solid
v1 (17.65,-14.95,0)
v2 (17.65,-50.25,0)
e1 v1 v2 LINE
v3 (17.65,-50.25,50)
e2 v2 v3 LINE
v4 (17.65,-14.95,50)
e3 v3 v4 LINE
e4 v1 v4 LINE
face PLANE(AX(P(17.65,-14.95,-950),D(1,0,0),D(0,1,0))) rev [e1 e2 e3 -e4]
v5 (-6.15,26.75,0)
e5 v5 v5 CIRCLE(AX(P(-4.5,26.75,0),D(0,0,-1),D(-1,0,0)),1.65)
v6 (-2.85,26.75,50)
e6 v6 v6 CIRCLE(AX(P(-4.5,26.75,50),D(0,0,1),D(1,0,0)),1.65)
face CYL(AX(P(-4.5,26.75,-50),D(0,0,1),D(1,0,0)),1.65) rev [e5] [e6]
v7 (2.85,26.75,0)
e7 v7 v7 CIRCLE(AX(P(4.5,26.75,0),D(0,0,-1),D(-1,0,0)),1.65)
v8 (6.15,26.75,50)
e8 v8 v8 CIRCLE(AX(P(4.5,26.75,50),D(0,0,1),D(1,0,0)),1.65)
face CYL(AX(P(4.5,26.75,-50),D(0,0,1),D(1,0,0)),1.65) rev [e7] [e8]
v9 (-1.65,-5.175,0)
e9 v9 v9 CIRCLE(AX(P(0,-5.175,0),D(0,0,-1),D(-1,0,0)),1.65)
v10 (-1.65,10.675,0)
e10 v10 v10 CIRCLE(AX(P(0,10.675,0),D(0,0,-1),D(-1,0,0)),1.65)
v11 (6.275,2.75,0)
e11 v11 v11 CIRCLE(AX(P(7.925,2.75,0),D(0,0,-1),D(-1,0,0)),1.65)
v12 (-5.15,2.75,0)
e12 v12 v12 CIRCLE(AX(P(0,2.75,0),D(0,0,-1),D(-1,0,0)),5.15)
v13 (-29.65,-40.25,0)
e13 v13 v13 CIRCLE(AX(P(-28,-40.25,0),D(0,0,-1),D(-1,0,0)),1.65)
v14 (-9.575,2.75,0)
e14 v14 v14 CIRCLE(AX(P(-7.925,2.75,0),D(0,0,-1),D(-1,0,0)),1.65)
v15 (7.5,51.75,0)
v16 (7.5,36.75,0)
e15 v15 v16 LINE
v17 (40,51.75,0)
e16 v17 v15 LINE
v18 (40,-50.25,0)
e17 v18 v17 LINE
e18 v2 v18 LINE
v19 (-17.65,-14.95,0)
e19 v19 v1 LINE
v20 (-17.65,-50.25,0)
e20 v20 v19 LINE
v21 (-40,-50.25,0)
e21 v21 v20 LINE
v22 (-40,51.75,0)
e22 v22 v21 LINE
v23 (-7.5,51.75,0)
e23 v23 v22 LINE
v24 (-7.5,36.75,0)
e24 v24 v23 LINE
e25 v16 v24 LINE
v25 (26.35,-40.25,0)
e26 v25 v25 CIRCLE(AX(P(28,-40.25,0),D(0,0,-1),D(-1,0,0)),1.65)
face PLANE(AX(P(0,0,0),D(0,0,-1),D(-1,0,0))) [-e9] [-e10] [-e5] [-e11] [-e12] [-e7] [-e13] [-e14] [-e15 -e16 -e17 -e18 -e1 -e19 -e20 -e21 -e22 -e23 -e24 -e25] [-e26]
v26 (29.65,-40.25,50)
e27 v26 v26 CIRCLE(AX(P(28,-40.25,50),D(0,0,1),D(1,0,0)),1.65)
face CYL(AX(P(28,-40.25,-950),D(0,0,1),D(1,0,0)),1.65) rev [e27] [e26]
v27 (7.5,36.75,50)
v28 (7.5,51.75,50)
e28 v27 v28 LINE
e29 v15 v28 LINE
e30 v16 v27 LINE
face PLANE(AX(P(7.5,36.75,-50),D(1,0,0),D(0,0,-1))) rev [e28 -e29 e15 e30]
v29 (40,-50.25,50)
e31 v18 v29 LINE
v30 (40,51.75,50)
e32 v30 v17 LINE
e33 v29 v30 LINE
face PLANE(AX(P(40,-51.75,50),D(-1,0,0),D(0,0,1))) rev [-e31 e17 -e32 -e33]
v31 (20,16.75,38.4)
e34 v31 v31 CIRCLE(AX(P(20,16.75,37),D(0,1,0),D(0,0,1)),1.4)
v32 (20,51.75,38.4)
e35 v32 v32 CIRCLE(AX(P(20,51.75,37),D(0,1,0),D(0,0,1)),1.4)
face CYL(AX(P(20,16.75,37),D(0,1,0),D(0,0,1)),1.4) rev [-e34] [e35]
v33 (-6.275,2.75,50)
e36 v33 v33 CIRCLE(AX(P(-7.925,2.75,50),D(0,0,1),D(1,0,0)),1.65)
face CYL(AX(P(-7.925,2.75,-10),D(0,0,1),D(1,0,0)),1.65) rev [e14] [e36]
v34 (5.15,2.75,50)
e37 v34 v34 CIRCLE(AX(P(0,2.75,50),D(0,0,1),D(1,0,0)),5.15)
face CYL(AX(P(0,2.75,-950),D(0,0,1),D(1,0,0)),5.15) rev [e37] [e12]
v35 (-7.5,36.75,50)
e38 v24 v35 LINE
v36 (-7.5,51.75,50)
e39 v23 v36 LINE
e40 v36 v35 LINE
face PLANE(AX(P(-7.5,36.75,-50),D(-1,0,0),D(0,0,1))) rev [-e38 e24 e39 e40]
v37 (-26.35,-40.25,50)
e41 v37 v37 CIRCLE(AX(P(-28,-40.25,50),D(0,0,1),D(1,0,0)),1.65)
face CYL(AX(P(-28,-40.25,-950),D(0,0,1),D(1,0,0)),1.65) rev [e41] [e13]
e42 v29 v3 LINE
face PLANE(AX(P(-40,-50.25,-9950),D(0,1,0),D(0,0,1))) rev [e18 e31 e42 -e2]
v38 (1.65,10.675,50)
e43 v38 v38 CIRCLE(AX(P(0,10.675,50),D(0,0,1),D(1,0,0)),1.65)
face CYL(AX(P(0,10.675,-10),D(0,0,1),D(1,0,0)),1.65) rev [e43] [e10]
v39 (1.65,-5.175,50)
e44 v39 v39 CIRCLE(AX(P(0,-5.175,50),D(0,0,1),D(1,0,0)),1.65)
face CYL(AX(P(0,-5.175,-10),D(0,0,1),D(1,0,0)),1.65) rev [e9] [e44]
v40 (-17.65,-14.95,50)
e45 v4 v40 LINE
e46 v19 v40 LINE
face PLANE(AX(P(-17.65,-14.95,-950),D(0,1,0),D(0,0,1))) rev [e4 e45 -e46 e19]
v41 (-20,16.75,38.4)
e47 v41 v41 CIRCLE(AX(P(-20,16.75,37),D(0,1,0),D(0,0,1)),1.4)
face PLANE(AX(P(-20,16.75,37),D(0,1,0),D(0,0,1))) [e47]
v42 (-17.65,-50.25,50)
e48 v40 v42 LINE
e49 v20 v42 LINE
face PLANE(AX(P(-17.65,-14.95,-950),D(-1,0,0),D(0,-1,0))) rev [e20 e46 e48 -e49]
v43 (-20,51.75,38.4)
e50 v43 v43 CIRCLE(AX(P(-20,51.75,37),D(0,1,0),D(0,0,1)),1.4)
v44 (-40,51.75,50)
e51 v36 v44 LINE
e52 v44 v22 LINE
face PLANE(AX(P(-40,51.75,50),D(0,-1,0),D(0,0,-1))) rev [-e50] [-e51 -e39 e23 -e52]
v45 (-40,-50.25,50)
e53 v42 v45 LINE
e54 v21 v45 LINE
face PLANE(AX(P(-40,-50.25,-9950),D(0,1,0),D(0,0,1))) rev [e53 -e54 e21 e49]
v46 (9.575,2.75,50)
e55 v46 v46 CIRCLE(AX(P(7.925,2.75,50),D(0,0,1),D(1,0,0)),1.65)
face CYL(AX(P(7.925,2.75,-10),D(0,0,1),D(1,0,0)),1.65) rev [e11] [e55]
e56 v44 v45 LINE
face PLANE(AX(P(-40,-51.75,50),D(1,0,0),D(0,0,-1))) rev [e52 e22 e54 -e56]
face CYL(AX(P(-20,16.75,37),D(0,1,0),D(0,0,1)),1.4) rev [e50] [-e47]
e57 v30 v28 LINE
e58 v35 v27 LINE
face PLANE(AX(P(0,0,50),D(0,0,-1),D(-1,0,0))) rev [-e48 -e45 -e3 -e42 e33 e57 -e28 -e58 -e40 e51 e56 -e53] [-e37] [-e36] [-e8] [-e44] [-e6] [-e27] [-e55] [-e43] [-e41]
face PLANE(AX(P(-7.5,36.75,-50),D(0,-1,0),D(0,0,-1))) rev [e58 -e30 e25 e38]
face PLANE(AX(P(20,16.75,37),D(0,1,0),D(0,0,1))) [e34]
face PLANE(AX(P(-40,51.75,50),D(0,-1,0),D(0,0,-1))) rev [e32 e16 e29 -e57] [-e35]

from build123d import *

# Parameters (mm, degrees)
SKETCH_1_W           = 80
SKETCH_1_H           = 103.5
EXTRUDE_1_DEPTH      = 50
SKETCH_5_R           = 1.65
CUT_EXTRUDE_4_DEPTH  = 60
SKETCH_7_W           = 15
SKETCH_7_H           = 15
CUT_EXTRUDE_6_DEPTH  = 100
SKETCH_8_R           = 1.65
CUT_EXTRUDE_7_DEPTH  = 100
SKETCH_9_R           = 5.15
CUT_EXTRUDE_8_DEPTH  = 1000
SKETCH_10_W          = 80
SKETCH_10_H          = 1.5
CUT_EXTRUDE_9_DEPTH  = 10000
SKETCH_11_W          = 35.3
SKETCH_11_H          = 35.3
CUT_EXTRUDE_10_DEPTH = 1000
SKETCH_12_R          = 1.65
CUT_EXTRUDE_11_DEPTH = 1000
SKETCH_14_R          = 1.4
CUT_EXTRUDE_12_DEPTH = 35


with BuildPart() as part:
    # 草图1 → 凸台-拉伸1 (new body)
    with BuildSketch(Plane.XY):
        Rectangle(SKETCH_1_W, SKETCH_1_H)
    extrude(amount=EXTRUDE_1_DEPTH)

    # 草图5 → 切除-拉伸4 (cut)
    with BuildSketch(Plane.XY.offset(50)):
        with Locations((7.925, 2.75)):
            Circle(SKETCH_5_R)
        with Locations((-7.925, 2.75)):
            Circle(SKETCH_5_R)
        with Locations((0, 10.675)):
            Circle(SKETCH_5_R)
        with Locations((0, -5.175)):
            Circle(SKETCH_5_R)
    extrude(amount=-CUT_EXTRUDE_4_DEPTH, mode=Mode.SUBTRACT)

    # 草图7 → 切除-拉伸6 (cut)
    with BuildSketch(Plane.XY.offset(50)):
        with Locations((0, 44.25)):
            Rectangle(SKETCH_7_W, SKETCH_7_H)
    extrude(amount=-CUT_EXTRUDE_6_DEPTH, mode=Mode.SUBTRACT)

    # 草图8 → 切除-拉伸7 (cut)
    with BuildSketch(Plane.XY.offset(50)):
        with Locations((4.5, 26.75)):
            Circle(SKETCH_8_R)
        with Locations((-4.5, 26.75)):
            Circle(SKETCH_8_R)
    extrude(amount=-CUT_EXTRUDE_7_DEPTH, mode=Mode.SUBTRACT)

    # 草图9 → 切除-拉伸8 (cut)
    with BuildSketch(Plane.XY.offset(50)):
        with Locations((0, 2.75)):
            Circle(SKETCH_9_R)
    extrude(amount=-CUT_EXTRUDE_8_DEPTH, mode=Mode.SUBTRACT)

    # 草图10 → 切除-拉伸9 (cut)
    with BuildSketch(Plane.XY.offset(50)):
        with Locations((0, -51)):
            Rectangle(SKETCH_10_W, SKETCH_10_H)
    extrude(amount=-CUT_EXTRUDE_9_DEPTH, mode=Mode.SUBTRACT)

    # 草图11 → 切除-拉伸10 (cut)
    with BuildSketch(Plane.XY.offset(50)):
        with Locations((0, -32.6)):
            Rectangle(SKETCH_11_W, SKETCH_11_H)
    extrude(amount=-CUT_EXTRUDE_10_DEPTH, mode=Mode.SUBTRACT)

    # 草图12 → 切除-拉伸11 (cut)
    with BuildSketch(Plane.XY.offset(50)):
        with Locations((28, -40.25)):
            Circle(SKETCH_12_R)
        with Locations((-28, -40.25)):
            Circle(SKETCH_12_R)
    extrude(amount=-CUT_EXTRUDE_11_DEPTH, mode=Mode.SUBTRACT)

    # 草图14 → 切除-拉伸12 (cut)
    with BuildSketch(Plane(origin=(0, 51.75, 0), x_dir=(1, 0, 0), z_dir=(0, 1, 0))):
        with Locations(Location((20, -37, 0), (0, 0, 270))):
            Circle(SKETCH_14_R)
        with Locations(Location((-20, -37, 0), (0, 0, 270))):
            Circle(SKETCH_14_R)
    extrude(amount=-CUT_EXTRUDE_12_DEPTH, mode=Mode.SUBTRACT)


solid = part.part
